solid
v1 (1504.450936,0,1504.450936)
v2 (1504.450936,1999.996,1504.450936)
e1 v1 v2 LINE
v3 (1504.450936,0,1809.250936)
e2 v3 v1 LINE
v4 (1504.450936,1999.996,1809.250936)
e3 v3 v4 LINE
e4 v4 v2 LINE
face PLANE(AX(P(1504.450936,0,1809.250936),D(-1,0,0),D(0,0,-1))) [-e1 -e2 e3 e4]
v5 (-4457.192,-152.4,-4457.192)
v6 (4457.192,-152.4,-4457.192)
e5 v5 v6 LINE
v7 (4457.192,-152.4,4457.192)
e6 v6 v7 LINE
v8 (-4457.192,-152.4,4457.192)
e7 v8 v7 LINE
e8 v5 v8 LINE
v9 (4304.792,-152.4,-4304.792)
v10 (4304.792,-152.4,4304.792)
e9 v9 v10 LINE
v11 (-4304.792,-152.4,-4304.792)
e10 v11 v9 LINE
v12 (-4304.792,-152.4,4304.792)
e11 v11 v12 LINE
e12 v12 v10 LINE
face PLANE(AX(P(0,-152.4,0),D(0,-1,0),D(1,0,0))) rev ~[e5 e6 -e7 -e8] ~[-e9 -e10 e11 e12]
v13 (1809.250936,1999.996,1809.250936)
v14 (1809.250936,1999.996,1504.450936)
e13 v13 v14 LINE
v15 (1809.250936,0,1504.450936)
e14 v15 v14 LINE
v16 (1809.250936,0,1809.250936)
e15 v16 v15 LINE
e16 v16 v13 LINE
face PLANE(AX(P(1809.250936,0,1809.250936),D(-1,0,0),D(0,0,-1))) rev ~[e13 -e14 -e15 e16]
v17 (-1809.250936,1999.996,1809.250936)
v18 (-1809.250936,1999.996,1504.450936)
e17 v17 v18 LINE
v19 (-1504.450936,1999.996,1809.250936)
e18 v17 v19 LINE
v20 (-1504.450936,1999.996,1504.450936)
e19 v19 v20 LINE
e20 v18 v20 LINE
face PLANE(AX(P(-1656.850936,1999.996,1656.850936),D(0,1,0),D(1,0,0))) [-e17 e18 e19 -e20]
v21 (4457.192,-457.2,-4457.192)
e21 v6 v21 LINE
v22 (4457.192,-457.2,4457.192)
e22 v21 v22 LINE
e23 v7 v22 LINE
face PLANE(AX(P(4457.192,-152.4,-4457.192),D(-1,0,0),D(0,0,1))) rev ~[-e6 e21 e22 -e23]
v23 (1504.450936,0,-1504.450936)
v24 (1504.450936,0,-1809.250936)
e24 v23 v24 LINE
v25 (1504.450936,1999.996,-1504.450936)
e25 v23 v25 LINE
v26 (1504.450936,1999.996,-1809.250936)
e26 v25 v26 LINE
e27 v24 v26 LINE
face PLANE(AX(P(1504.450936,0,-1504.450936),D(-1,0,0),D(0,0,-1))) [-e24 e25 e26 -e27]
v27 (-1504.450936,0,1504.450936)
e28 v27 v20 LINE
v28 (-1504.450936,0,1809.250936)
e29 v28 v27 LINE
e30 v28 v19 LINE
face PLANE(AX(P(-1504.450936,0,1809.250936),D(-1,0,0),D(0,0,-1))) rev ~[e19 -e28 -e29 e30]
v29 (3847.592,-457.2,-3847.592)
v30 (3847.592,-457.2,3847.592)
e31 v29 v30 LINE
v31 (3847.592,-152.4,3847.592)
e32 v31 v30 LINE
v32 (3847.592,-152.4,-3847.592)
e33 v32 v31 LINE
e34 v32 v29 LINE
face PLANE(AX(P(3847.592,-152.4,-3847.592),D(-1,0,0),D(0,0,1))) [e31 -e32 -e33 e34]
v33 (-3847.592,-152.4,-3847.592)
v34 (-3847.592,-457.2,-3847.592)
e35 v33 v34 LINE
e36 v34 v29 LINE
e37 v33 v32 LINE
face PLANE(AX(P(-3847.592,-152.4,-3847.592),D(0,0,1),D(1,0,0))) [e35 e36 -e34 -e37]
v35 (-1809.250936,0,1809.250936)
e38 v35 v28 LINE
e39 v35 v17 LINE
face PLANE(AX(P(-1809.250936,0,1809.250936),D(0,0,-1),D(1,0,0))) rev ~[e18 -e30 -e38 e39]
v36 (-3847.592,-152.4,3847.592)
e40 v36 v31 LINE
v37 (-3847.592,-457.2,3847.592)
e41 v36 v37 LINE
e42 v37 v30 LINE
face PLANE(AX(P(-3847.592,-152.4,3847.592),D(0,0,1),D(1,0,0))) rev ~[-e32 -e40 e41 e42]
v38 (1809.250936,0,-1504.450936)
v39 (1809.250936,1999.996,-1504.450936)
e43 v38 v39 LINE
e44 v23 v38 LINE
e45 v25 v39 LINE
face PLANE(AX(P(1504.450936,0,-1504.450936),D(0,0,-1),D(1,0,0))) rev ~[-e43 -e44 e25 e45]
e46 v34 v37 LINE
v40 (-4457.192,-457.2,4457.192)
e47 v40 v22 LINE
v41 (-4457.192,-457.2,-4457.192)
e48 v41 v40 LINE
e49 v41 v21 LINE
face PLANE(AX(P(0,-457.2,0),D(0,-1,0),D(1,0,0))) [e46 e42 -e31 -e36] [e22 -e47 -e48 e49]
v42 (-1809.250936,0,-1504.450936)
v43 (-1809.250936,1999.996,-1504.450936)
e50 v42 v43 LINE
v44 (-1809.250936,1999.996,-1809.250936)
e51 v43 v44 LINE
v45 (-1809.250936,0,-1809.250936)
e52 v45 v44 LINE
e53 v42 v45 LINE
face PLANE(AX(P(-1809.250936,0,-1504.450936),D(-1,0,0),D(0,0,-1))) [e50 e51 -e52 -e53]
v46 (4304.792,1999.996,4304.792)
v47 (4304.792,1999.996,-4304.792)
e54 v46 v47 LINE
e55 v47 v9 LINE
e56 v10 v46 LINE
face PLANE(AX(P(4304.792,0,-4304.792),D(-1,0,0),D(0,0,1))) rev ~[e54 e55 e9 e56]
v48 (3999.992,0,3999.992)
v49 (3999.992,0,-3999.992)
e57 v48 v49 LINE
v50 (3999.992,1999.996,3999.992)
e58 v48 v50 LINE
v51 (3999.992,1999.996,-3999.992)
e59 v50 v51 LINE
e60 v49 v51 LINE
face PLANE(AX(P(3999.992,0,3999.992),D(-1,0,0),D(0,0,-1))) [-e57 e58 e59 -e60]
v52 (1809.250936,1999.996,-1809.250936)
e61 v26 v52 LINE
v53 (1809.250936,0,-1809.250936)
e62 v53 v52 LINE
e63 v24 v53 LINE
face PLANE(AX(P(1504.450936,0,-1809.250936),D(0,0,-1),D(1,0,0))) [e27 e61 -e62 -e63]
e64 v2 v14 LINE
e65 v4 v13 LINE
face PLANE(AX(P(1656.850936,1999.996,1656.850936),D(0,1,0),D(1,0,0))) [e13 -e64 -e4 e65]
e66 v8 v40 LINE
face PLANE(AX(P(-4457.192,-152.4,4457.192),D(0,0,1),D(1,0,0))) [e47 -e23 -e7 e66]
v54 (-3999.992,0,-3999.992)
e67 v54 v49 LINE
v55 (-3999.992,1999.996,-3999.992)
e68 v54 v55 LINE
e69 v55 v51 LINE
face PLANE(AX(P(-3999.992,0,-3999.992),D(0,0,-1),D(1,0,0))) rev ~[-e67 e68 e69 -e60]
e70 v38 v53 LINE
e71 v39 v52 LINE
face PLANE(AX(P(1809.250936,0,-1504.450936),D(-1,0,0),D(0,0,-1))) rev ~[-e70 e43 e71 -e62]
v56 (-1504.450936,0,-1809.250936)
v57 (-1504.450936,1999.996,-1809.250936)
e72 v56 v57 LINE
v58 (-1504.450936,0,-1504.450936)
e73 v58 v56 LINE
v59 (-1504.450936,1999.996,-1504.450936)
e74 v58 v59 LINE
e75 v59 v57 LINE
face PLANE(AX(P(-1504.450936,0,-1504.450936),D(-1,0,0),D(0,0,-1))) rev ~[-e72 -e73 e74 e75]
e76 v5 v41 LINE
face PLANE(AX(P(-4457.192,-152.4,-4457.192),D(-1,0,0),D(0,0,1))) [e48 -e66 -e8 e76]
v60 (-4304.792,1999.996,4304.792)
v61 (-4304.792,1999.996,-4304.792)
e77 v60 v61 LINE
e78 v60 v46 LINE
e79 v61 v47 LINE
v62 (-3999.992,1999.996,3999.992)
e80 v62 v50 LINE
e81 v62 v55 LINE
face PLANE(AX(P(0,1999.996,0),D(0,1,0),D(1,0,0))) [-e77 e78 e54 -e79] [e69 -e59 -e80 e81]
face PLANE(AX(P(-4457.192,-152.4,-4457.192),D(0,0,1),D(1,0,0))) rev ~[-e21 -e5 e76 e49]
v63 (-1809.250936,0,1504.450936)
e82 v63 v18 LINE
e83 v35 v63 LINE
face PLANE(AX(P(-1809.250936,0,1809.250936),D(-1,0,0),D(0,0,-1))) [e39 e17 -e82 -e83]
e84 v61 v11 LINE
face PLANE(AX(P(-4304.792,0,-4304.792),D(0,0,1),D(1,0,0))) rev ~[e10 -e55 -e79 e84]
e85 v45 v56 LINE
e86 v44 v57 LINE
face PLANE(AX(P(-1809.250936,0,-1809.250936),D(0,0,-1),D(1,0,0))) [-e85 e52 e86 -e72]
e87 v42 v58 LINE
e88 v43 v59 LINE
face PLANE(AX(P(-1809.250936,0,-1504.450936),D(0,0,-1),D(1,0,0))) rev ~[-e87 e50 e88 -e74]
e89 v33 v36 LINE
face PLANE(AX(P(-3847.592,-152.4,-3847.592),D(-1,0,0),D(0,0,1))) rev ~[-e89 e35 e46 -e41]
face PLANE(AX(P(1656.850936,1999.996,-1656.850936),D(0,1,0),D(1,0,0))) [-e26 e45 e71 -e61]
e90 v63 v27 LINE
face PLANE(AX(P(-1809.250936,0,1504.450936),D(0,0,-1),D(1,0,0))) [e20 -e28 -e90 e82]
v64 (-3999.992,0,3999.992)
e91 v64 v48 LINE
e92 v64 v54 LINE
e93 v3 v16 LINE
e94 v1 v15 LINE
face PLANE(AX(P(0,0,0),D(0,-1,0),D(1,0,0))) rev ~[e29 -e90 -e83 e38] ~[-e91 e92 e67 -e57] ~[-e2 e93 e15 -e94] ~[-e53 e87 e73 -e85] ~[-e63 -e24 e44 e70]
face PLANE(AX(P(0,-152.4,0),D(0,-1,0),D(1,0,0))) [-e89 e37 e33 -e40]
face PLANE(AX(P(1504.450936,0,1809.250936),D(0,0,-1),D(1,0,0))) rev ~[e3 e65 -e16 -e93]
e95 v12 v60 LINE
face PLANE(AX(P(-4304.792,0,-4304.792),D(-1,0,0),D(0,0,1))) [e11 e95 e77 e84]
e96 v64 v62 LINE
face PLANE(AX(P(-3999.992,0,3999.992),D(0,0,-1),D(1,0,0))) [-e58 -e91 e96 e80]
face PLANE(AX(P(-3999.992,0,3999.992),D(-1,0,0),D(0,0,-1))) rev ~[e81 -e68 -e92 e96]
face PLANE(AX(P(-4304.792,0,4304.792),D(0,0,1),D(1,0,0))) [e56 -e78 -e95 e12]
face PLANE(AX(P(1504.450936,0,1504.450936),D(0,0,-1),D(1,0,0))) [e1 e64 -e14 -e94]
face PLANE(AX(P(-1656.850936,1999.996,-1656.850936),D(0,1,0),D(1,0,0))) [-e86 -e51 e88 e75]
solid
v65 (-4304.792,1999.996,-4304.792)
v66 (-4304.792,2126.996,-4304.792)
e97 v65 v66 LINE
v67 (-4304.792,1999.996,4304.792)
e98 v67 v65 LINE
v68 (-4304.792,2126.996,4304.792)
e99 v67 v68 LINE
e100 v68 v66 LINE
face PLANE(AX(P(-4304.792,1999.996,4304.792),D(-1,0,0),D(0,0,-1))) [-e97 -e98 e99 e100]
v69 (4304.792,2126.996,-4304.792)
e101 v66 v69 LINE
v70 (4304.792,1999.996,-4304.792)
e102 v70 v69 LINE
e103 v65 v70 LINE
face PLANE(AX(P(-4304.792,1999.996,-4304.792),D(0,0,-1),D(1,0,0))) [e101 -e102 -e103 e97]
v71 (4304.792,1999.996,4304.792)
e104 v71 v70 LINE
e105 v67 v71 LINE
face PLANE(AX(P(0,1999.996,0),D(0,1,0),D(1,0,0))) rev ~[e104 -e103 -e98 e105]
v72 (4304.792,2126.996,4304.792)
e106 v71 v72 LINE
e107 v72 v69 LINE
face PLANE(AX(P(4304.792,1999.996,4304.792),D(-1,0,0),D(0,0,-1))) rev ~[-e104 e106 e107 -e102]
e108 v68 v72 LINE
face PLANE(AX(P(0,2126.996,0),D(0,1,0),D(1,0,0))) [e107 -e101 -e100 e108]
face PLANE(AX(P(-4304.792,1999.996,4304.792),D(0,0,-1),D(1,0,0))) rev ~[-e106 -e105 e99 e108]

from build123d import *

# Parameters (mm, degrees)
SKETCH2_W           = 8609.584
SKETCH2_H           = 8609.584
SKETCH2_W_2         = 7999.984
SKETCH2_H_2         = 7999.984
BOSS_EXTRUDE1_DEPTH = 1999.996
SKETCH3_W           = 8609.584
SKETCH3_H           = 8609.584
BOSS_EXTRUDE2_DEPTH = 152.4
SKETCH4_W           = 8914.384
SKETCH4_H           = 8914.384
SKETCH4_W_2         = 7695.184
SKETCH4_H_2         = 7695.184
BOSS_EXTRUDE3_DEPTH = 304.8
SKETCH6_W           = 304.8
SKETCH6_H           = 304.8
BOSS_EXTRUDE5_DEPTH = 1999.996
SKETCH7_W           = 8609.584
SKETCH7_H           = 8609.584
BOSS_EXTRUDE6_DEPTH = 127


with BuildPart() as part:
    # Sketch2 → Boss-Extrude1 (new body)
    with BuildSketch(Plane(origin=(0, 0, 0), x_dir=(1, 0, 0), z_dir=(0, 1, 0))):
        Rectangle(SKETCH2_W, SKETCH2_H)
        Rectangle(SKETCH2_W_2, SKETCH2_H_2, mode=Mode.SUBTRACT)
    extrude(amount=BOSS_EXTRUDE1_DEPTH)

    # Sketch3 → Boss-Extrude2 (add)
    with BuildSketch(Plane.XZ):
        Rectangle(SKETCH3_W, SKETCH3_H)
    extrude(amount=BOSS_EXTRUDE2_DEPTH)

    # Sketch4 → Boss-Extrude3 (add)
    with BuildSketch(Plane.XZ.offset(152.4)):
        Rectangle(SKETCH4_W, SKETCH4_H)
        Rectangle(SKETCH4_W_2, SKETCH4_H_2, mode=Mode.SUBTRACT)
    extrude(amount=BOSS_EXTRUDE3_DEPTH)

    # Sketch6 → Boss-Extrude5 (add)
    with BuildSketch(Plane(origin=(0, 0, 0), x_dir=(1, 0, 0), z_dir=(0, 1, 0))):
        with Locations((1656.850935784, 1656.850935784)):
            Rectangle(SKETCH6_W, SKETCH6_H)
        with Locations((-1656.850935784, 1656.850935784)):
            Rectangle(SKETCH6_W, SKETCH6_H)
        with Locations((1656.850935784, -1656.850935784)):
            Rectangle(SKETCH6_W, SKETCH6_H)
        with Locations((-1656.850935784, -1656.850935784)):
            Rectangle(SKETCH6_W, SKETCH6_H)
    extrude(amount=BOSS_EXTRUDE5_DEPTH)


with BuildPart() as body_2:
    # Sketch7 → Boss-Extrude6 (new body)
    with BuildSketch(Plane(origin=(0, 1999.996, 0), x_dir=(1, 0, 0), z_dir=(0, 1, 0))):
        Rectangle(SKETCH7_W, SKETCH7_H)
    extrude(amount=BOSS_EXTRUDE6_DEPTH)


solid = Compound([part.part, body_2.part])
